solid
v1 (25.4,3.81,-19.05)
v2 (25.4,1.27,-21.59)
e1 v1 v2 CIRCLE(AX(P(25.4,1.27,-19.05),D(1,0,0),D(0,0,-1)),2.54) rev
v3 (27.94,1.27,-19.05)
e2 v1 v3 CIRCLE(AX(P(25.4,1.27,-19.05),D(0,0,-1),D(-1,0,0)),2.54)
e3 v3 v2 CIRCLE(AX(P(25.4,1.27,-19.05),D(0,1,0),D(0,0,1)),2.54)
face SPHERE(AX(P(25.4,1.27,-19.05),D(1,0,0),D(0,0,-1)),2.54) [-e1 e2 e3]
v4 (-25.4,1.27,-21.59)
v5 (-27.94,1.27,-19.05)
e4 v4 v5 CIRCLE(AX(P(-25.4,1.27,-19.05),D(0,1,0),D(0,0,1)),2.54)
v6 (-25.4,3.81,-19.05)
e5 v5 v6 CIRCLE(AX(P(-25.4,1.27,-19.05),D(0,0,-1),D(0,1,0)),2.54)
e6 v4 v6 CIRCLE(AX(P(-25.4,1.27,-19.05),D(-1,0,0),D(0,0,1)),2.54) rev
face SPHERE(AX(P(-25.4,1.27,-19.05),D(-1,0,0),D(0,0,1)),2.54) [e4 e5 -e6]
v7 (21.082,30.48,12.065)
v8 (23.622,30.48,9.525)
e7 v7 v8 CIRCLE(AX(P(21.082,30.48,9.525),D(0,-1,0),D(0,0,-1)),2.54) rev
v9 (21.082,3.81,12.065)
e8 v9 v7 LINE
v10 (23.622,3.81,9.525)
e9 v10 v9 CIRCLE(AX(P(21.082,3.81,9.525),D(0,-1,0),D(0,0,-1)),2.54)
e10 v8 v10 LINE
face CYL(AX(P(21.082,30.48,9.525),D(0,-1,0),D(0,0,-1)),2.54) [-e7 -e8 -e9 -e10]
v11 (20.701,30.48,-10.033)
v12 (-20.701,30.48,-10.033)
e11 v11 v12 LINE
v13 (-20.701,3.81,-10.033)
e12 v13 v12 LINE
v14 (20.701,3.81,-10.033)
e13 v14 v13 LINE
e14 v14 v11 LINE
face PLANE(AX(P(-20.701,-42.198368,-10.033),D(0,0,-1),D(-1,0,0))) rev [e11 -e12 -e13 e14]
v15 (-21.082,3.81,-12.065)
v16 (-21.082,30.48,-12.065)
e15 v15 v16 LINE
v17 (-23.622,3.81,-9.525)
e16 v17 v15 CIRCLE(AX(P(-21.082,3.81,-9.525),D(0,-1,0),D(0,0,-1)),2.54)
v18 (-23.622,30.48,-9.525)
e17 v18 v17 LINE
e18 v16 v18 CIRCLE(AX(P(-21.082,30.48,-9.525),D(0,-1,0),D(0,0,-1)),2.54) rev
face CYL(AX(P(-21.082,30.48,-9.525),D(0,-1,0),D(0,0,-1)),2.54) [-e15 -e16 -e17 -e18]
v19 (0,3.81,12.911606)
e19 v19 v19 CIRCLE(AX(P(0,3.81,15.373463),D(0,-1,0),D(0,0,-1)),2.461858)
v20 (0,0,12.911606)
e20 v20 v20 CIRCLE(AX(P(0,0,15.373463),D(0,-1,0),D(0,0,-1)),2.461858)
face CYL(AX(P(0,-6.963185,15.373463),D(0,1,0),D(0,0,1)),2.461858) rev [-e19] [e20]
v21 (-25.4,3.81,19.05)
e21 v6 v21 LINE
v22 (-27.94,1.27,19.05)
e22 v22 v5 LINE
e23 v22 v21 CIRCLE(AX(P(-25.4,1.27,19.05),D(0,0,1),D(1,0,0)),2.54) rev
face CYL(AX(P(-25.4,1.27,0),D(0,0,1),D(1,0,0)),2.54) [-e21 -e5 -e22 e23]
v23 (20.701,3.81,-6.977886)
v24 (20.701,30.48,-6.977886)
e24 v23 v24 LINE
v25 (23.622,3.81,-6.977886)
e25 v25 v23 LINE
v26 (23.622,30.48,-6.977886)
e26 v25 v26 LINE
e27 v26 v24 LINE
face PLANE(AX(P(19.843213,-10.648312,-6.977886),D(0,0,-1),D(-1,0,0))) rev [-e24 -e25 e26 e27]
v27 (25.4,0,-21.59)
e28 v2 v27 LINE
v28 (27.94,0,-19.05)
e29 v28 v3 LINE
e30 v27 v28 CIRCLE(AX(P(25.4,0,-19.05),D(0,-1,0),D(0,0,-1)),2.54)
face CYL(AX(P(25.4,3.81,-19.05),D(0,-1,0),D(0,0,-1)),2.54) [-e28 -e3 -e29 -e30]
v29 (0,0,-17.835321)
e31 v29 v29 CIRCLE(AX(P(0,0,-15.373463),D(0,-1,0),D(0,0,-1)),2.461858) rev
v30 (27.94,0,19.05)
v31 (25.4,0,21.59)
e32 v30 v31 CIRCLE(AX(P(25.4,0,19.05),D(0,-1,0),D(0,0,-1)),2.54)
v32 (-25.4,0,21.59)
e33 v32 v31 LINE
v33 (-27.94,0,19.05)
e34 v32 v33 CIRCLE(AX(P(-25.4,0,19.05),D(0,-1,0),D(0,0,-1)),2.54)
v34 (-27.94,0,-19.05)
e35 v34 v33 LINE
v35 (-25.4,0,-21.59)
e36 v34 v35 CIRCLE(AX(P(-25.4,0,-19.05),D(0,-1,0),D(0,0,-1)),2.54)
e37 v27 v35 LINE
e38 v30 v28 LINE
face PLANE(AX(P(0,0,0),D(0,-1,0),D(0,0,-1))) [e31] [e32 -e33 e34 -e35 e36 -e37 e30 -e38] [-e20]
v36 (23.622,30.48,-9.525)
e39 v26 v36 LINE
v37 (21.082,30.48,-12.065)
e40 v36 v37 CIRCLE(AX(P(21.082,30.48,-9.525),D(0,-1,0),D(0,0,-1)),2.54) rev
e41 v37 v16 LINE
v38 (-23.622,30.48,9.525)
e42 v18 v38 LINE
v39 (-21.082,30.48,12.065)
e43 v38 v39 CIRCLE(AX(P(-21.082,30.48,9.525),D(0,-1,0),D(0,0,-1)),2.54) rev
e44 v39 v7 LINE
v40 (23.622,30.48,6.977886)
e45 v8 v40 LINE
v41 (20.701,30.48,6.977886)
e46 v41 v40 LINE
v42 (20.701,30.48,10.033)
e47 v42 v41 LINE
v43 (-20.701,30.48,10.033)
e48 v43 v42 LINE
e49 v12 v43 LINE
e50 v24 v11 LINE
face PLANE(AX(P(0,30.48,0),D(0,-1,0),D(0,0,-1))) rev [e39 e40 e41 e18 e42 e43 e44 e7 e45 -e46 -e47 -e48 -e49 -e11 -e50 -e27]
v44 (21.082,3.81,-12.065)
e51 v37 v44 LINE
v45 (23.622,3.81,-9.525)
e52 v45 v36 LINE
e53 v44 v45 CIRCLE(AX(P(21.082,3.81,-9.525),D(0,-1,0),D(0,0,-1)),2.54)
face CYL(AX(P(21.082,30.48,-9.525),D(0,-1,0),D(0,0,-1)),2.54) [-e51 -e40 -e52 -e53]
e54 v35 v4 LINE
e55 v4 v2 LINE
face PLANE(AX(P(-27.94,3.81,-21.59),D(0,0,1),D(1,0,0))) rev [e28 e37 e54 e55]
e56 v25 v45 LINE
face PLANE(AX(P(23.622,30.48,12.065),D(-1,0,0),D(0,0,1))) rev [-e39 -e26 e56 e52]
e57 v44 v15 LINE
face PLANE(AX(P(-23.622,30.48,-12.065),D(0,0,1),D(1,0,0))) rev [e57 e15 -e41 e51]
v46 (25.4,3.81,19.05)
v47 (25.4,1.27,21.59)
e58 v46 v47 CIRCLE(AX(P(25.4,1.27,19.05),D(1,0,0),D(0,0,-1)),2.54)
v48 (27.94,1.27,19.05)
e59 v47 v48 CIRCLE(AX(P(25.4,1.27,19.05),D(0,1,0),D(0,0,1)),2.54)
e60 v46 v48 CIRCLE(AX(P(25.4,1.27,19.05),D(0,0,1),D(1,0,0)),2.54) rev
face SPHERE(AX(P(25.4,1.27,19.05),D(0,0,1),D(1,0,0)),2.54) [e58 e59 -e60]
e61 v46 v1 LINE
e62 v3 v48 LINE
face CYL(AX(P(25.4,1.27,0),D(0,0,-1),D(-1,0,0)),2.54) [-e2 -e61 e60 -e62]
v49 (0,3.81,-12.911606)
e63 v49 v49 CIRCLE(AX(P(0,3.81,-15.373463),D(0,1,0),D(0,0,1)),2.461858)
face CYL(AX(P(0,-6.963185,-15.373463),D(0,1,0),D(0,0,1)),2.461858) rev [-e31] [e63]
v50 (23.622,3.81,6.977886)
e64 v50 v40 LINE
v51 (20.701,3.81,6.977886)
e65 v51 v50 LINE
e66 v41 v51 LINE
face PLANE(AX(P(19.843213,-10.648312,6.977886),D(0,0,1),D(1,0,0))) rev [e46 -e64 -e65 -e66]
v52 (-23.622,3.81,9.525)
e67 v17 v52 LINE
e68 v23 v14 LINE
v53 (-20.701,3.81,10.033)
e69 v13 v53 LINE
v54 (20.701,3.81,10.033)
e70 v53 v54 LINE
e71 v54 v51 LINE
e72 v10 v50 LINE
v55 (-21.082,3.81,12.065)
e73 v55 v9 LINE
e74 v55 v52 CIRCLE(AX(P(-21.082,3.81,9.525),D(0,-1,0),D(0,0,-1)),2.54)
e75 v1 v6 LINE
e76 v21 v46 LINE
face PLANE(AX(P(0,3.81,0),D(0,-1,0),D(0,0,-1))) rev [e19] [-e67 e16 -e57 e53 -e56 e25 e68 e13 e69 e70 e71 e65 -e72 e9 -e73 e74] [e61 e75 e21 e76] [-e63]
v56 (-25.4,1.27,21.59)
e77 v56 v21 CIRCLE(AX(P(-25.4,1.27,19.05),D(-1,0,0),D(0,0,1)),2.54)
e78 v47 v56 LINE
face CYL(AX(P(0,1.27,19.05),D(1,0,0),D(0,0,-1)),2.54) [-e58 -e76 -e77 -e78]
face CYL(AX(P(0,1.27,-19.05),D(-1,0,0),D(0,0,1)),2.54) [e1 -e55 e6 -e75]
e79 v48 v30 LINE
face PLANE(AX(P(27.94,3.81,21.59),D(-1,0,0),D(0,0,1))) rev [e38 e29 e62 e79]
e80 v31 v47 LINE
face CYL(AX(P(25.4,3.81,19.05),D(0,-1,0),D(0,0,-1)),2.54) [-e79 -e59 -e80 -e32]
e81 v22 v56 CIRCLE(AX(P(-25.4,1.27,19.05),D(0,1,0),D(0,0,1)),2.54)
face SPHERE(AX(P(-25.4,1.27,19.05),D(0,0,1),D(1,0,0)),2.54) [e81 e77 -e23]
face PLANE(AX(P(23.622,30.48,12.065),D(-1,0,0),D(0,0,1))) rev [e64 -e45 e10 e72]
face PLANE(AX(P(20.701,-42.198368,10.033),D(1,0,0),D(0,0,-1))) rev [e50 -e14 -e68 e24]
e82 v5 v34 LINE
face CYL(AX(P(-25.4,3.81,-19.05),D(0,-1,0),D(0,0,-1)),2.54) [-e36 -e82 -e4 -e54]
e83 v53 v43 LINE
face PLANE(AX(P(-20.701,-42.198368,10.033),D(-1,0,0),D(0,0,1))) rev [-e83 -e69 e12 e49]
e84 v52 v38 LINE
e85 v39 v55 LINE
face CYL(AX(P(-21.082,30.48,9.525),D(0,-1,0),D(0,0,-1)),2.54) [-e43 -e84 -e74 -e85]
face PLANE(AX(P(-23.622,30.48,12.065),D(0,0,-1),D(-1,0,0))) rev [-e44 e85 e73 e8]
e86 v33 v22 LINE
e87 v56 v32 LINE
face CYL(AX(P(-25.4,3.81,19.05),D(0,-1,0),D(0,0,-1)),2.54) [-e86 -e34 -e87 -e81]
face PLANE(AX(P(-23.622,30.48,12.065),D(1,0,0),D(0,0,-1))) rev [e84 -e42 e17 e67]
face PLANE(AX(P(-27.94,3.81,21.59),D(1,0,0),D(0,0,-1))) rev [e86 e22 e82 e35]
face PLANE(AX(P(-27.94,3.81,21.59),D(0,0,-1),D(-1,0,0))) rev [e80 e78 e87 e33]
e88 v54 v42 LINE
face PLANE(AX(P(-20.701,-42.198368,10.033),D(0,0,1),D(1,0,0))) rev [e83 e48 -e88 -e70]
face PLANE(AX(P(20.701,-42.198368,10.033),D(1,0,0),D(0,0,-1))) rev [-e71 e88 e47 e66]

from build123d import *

# Parameters (mm, degrees)
SKETCH1_W           = 55.88
SKETCH1_H           = 43.18
BOSS_EXTRUDE1_DEPTH = 3.81
FILLET1_R           = 2.54
SKETCH3_W           = 47.244
SKETCH3_H           = 24.13
BOSS_EXTRUDE2_DEPTH = 26.67
FILLET2_R           = 2.54
SKETCH6_W           = 41.402
SKETCH6_H           = 20.066
CUT_EXTRUDE1_DEPTH  = 26.67
SKETCH7_R           = 2.461857572
CUT_EXTRUDE2_DEPTH  = 3.81
SKETCH9_W           = 3.778787448
SKETCH9_H           = 13.955771
CUT_EXTRUDE4_DEPTH  = 26.67


with BuildPart() as part:
    # Sketch1 → Boss-Extrude1 (new body)
    with BuildSketch(Plane(origin=(0, 0, 0), x_dir=(1, 0, 0), z_dir=(0, 1, 0))):
        Rectangle(SKETCH1_W, SKETCH1_H)
    extrude(amount=BOSS_EXTRUDE1_DEPTH)

    # Fillet1
    fillet1_edges = [part.edges().sort_by_distance(p)[0] for p in [
        (-27.94, 3.81, 0),
        (0, 3.81, 21.59),
        (27.94, 3.81, 0),
        (27.94, 1.905, 21.59),
        (-27.94, 1.905, 21.59),
        (-27.94, 1.905, -21.59),
        (27.94, 1.905, -21.59),
        (0, 3.81, -21.59),
    ]]
    fillet(fillet1_edges, radius=FILLET1_R)

    # Sketch3 → Boss-Extrude2 (add)
    with BuildSketch(Plane(origin=(0, 3.81, 0), x_dir=(1, 0, 0), z_dir=(0, 1, 0))):
        Rectangle(SKETCH3_W, SKETCH3_H)
    extrude(amount=BOSS_EXTRUDE2_DEPTH)

    # Fillet2
    fillet2_edges = [part.edges().sort_by_distance(p)[0] for p in [
        (23.622, 17.145, 12.065),
        (23.622, 17.145, -12.065),
        (-23.622, 17.145, -12.065),
        (-23.622, 17.145, 12.065),
    ]]
    fillet(fillet2_edges, radius=FILLET2_R)

    # Sketch6 → Cut-Extrude1 (cut)
    with BuildSketch(Plane(origin=(0, 30.48, 0), x_dir=(1, 0, 0), z_dir=(0, 1, 0))):
        Rectangle(SKETCH6_W, SKETCH6_H)
    extrude(amount=-CUT_EXTRUDE1_DEPTH, mode=Mode.SUBTRACT)

    # Sketch7 → Cut-Extrude2 (cut)
    with BuildSketch(Plane(origin=(0, 3.81, 0), x_dir=(1, 0, 0), z_dir=(0, 1, 0))):
        with Locations((0, 15.373463193)):
            Circle(SKETCH7_R)
        with Locations((0, -15.373463193)):
            Circle(SKETCH7_R)
    extrude(amount=-CUT_EXTRUDE2_DEPTH, mode=Mode.SUBTRACT)

    # Sketch9 → Cut-Extrude4 (cut)
    with BuildSketch(Plane(origin=(0, 30.48, 0), x_dir=(1, 0, 0), z_dir=(0, 1, 0))):
        with Locations((21.732606276, 0)):
            Rectangle(SKETCH9_W, SKETCH9_H)
    extrude(amount=-CUT_EXTRUDE4_DEPTH, mode=Mode.SUBTRACT)


solid = part.part
